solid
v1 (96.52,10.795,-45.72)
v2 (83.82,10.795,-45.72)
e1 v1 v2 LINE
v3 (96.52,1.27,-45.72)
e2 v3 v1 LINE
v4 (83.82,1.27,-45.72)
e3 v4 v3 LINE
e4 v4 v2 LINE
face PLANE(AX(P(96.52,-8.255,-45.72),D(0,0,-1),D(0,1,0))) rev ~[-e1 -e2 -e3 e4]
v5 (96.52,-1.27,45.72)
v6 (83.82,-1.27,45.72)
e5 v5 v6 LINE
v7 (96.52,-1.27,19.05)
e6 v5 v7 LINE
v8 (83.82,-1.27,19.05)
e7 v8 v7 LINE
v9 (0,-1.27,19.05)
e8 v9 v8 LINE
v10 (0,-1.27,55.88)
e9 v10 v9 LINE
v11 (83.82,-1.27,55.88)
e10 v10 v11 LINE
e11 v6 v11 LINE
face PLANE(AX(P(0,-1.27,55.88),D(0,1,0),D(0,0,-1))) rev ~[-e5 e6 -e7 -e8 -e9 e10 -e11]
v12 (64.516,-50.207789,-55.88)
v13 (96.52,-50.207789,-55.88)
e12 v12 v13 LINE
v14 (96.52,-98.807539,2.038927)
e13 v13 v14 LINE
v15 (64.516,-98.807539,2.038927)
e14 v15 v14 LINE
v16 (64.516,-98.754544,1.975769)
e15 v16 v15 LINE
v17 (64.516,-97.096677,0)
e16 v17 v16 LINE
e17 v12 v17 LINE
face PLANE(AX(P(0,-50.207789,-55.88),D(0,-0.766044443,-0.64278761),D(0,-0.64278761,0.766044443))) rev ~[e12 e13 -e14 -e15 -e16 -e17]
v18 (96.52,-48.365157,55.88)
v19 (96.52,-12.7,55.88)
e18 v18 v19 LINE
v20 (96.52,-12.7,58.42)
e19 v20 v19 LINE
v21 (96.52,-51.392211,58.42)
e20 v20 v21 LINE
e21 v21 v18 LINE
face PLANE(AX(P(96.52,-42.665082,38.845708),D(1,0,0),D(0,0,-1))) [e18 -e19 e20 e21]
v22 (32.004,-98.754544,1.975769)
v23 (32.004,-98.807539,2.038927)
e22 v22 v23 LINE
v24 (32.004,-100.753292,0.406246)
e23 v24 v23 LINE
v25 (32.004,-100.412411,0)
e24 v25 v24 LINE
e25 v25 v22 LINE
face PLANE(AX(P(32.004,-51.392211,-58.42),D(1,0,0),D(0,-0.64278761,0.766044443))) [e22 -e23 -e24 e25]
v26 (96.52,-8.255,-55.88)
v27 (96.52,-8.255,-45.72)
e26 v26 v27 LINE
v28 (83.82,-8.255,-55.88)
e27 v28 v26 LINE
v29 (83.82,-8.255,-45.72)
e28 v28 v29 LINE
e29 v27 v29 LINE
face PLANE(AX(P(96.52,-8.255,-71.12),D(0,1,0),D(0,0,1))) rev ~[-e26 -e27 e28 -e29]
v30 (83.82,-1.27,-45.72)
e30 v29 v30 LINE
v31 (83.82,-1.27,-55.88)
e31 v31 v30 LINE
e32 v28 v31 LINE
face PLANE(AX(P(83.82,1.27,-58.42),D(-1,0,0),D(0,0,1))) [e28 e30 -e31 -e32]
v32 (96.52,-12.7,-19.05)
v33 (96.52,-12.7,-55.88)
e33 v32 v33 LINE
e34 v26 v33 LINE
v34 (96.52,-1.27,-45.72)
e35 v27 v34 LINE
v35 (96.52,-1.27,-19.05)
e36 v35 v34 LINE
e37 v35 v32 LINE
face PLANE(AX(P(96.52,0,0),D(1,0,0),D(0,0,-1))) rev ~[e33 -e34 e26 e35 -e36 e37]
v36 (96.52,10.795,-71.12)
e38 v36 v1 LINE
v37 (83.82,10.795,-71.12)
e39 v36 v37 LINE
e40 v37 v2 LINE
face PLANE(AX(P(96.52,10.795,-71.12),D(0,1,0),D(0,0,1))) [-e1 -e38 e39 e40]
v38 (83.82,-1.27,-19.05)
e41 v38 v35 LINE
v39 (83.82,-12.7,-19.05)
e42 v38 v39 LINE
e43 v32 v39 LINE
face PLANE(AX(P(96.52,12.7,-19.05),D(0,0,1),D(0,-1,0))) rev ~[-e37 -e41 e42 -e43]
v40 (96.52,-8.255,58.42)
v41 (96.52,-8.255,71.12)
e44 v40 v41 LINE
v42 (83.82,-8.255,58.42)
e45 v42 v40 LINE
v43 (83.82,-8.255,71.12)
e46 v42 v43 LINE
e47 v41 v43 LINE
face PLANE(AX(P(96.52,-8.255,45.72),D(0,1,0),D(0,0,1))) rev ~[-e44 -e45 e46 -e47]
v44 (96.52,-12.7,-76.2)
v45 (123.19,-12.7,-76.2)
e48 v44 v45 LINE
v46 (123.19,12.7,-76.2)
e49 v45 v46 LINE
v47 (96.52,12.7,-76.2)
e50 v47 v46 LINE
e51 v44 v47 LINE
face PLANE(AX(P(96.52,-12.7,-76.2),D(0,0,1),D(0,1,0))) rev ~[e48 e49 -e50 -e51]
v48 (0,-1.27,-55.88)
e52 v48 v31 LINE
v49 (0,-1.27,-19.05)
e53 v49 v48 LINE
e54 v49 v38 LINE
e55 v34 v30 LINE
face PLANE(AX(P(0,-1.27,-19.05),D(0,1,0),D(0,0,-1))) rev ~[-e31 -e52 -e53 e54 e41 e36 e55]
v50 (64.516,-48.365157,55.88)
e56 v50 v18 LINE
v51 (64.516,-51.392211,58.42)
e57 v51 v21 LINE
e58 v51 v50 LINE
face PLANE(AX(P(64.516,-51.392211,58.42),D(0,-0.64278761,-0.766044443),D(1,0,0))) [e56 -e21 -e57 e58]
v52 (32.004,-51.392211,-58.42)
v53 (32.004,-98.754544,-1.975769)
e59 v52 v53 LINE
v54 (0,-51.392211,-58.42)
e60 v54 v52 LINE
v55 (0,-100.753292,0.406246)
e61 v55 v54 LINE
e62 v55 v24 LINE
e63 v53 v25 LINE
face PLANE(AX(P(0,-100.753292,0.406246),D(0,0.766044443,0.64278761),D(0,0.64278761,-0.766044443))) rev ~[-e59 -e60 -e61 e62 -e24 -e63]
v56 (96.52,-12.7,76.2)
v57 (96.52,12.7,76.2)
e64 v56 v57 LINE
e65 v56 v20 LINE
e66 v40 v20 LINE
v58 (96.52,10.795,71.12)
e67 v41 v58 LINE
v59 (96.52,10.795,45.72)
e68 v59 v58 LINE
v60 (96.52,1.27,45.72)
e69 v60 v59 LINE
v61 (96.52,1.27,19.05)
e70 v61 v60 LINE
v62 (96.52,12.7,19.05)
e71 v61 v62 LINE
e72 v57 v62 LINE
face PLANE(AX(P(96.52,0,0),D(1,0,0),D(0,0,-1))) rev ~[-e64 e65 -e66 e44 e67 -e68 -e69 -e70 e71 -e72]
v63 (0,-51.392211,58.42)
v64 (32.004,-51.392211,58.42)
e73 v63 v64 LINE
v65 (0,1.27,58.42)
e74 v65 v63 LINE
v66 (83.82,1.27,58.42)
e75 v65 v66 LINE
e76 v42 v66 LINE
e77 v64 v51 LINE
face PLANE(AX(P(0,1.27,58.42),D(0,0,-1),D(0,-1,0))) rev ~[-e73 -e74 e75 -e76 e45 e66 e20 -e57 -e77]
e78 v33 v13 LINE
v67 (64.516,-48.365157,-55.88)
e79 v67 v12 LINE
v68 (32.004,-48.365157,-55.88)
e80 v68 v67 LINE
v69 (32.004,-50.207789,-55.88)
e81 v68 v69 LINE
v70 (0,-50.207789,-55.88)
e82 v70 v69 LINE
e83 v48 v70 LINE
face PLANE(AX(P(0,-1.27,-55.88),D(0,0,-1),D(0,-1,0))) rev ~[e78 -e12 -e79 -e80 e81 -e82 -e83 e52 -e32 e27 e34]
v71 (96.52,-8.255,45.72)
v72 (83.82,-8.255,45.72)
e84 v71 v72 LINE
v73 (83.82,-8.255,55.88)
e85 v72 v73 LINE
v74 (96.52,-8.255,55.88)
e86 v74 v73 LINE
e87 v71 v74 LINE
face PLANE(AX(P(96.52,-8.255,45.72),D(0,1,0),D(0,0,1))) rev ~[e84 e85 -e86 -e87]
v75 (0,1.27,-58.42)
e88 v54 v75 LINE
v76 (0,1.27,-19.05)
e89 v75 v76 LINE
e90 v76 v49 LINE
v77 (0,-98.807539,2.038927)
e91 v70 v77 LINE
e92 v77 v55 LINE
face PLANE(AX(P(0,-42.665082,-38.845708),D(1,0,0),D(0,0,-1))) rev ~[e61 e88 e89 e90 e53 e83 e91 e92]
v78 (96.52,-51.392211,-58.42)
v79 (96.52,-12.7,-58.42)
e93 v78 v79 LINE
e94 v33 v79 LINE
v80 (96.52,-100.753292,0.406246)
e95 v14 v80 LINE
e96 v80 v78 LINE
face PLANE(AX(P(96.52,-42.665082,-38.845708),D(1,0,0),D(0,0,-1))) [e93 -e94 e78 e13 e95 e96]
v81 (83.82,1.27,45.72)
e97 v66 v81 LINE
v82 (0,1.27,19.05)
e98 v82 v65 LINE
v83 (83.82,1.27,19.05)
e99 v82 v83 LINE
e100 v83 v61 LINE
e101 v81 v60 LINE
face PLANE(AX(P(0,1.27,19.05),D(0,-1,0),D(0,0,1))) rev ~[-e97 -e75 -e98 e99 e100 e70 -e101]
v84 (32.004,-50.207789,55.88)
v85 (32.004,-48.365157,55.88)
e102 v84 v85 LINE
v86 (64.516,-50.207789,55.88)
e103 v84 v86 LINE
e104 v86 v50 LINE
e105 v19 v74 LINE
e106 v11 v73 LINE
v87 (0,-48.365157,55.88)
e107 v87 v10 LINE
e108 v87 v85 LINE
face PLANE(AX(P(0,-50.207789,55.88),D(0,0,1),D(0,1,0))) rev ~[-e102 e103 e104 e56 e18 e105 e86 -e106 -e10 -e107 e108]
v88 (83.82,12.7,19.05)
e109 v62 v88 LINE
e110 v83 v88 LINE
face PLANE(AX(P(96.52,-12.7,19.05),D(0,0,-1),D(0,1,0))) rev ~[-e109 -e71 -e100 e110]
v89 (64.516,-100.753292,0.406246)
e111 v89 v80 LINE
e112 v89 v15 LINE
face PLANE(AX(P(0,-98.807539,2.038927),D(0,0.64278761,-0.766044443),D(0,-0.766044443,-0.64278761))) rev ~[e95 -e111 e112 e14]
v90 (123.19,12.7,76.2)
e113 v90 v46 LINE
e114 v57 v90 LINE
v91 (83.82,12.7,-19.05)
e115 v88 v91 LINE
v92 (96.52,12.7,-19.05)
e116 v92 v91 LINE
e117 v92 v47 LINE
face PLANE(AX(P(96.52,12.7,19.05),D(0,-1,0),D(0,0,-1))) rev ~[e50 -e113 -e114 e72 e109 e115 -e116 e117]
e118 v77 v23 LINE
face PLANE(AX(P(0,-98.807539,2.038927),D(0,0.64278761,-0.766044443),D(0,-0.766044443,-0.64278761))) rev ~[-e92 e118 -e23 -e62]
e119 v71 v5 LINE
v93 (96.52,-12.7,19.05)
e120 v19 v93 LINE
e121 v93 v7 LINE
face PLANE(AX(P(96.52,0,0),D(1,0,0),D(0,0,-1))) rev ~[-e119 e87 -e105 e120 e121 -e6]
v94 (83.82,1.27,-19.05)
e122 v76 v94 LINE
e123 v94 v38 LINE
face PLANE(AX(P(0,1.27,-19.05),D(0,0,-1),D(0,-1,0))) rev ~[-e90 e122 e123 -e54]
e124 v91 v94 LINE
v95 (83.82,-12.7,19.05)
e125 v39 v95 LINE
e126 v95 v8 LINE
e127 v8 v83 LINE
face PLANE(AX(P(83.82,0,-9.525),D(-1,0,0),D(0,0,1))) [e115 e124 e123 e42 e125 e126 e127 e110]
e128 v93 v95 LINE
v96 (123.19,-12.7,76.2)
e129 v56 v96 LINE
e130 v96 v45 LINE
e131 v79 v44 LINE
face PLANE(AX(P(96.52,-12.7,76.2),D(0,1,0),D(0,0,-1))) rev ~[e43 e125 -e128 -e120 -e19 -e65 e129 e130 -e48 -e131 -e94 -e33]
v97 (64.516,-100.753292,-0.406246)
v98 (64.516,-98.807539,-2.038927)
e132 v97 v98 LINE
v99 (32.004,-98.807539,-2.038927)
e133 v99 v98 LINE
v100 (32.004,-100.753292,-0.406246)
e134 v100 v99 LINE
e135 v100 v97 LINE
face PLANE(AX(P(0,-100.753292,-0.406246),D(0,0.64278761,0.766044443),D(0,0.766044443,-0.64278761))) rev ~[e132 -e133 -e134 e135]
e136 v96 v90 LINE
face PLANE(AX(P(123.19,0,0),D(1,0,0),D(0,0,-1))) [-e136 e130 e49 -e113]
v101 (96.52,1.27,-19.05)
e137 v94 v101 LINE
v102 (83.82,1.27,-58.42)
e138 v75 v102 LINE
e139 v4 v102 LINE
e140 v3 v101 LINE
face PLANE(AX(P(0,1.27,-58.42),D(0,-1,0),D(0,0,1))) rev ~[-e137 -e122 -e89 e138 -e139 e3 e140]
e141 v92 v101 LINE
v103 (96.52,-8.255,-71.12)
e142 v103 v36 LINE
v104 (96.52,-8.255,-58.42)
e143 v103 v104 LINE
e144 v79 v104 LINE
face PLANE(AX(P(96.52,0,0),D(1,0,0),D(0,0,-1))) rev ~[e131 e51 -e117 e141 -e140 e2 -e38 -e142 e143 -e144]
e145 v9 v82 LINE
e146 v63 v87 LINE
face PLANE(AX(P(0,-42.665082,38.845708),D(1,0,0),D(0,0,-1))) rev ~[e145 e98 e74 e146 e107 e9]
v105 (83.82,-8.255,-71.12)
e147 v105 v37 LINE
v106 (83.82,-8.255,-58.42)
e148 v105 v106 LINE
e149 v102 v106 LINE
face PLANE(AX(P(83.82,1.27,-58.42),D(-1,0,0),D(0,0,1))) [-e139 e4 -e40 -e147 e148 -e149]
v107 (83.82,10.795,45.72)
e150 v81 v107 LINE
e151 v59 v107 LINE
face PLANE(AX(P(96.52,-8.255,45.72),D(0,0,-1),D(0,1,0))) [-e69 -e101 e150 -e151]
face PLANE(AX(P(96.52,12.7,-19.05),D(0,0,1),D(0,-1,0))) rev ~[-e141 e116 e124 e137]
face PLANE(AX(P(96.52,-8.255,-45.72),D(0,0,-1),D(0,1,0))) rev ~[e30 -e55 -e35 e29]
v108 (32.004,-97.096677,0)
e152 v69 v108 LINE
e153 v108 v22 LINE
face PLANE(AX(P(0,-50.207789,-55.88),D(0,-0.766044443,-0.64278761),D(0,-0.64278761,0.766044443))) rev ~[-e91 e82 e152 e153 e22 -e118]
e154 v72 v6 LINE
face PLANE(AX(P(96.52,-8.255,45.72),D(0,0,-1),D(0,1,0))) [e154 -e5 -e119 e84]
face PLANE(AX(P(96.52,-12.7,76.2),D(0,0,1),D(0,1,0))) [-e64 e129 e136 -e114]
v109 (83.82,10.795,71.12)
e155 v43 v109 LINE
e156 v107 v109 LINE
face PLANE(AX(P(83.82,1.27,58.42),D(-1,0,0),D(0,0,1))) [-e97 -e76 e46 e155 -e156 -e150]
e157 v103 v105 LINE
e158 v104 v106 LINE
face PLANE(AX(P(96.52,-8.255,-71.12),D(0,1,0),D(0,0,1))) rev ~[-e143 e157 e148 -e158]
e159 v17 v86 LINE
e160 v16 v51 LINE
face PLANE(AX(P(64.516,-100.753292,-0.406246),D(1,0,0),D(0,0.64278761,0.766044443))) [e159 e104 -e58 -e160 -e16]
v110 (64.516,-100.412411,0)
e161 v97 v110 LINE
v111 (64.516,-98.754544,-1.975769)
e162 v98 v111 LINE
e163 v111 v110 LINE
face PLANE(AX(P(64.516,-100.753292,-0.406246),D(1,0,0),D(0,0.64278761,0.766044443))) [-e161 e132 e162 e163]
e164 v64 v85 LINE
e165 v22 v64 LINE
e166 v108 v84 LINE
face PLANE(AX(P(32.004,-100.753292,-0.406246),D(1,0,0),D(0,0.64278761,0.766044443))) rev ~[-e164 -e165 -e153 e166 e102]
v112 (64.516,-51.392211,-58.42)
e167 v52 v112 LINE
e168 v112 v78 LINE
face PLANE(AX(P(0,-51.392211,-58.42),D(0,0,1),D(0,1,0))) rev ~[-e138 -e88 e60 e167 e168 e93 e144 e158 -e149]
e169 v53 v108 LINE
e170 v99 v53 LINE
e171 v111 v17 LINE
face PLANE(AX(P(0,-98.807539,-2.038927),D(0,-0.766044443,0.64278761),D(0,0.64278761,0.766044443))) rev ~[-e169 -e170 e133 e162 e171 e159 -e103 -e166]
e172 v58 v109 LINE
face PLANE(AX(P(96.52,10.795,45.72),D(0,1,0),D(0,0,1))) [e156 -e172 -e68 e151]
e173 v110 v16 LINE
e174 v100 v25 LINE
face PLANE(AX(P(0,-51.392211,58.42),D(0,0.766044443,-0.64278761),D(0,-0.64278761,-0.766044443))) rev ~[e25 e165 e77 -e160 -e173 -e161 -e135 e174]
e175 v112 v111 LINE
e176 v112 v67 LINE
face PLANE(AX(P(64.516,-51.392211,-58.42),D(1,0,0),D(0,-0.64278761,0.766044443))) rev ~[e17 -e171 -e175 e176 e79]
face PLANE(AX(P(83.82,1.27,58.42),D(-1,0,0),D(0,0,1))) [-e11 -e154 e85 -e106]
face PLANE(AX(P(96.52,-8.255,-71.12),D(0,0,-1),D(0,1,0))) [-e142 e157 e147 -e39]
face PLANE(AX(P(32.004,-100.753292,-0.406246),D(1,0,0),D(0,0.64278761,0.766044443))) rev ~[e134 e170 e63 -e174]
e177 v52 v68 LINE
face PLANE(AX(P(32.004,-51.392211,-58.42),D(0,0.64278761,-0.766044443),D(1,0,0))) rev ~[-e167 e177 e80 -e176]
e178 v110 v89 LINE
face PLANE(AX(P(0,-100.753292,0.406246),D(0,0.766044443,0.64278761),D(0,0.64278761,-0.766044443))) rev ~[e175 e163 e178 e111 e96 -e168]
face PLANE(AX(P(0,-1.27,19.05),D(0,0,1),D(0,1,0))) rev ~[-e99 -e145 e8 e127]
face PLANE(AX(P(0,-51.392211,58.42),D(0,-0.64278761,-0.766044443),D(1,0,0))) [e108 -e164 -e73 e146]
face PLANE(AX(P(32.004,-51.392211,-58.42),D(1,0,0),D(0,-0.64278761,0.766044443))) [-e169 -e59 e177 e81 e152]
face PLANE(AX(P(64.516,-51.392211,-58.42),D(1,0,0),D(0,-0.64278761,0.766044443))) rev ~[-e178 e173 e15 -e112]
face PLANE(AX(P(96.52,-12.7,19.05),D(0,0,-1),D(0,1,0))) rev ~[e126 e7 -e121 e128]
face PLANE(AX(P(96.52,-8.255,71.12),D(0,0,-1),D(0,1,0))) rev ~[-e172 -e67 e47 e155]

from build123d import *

# Parameters (mm, degrees)
EXTRUDE_THIN4_DEPTH   = 96.52
EXTRUDE_THIN4_2_DEPTH = 96.52
SKETCH5_W             = 32.004
SKETCH5_H             = 76.792210726
CUT_EXTRUDE2_DEPTH    = 26.67
SKETCH6_W             = 32.512
SKETCH6_H             = 76.792210726
CUT_EXTRUDE3_DEPTH    = 26.67
SKETCH7_W             = 152.4
SKETCH7_H             = 25.4
BOSS_EXTRUDE1_DEPTH   = 26.67
BOSS_EXTRUDE2_DEPTH   = 12.7
SKETCH13_W            = 25.4
SKETCH13_H            = 19.05
BOSS_EXTRUDE3_DEPTH   = 12.7


with BuildPart() as part:
    # Sketch1 → Extrude-Thin4 (new body)
    with BuildSketch(Plane(origin=(0, 0, 0), x_dir=(0, 0, -1), z_dir=(1, 0, 0))):
        Polygon((19.05, -1.27), (55.88, -1.27), (55.88, -50.207789274), (-2.03892683, -98.807539415), (-0.406246301, -100.753292301), (58.42, -51.392210726), (58.42, 1.27), (19.05, 1.27), align=None)
    extrude(amount=EXTRUDE_THIN4_DEPTH)

    # Sketch6 → Cut-Extrude3 (cut)
    with BuildSketch(Plane(origin=(0, -58.924421698, -49.443460514), x_dir=(1, 0, 0), z_dir=(0, -0.7660444431189791, -0.6427876096865379))):
        with Locations((48.26, 26.678065285)):
            Rectangle(SKETCH6_W, SKETCH6_H)
    extrude(amount=-CUT_EXTRUDE3_DEPTH, mode=Mode.SUBTRACT)



with BuildPart() as body_2:
    # Sketch1 → Extrude-Thin4 2 (new body)
    with BuildSketch(Plane(origin=(0, 0, 0), x_dir=(0, 0, -1), z_dir=(1, 0, 0))):
        Polygon((-19.05, 1.27), (-58.42, 1.27), (-58.42, -51.392210726), (0.406246301, -100.753292301), (2.03892683, -98.807539415), (-55.88, -50.207789274), (-55.88, -1.27), (-19.05, -1.27), align=None)
    extrude(amount=EXTRUDE_THIN4_2_DEPTH)

    # Sketch5 → Cut-Extrude2 (cut)
    with BuildSketch(Plane(origin=(0, -58.924421698, 49.443460514), x_dir=(1, 0, 0), z_dir=(0, -0.7660444431189799, 0.6427876096865373))):
        with Locations((16.002, -26.678065285)):
            Rectangle(SKETCH5_W, SKETCH5_H)
        with Locations((80.518, -26.678065285)):
            Rectangle(SKETCH5_W, SKETCH5_H)
    extrude(amount=-CUT_EXTRUDE2_DEPTH, mode=Mode.SUBTRACT)


with BuildPart() as part_1:
    add(part.part)

    add(body_2.part)  # Boss-Extrude1 merges body 2
    # Sketch7 → Boss-Extrude1 (add)
    with BuildSketch(Plane(origin=(96.52, 0, 0), x_dir=(0, 0, -1), z_dir=(1, 0, 0))):
        Rectangle(SKETCH7_W, SKETCH7_H)
    extrude(amount=BOSS_EXTRUDE1_DEPTH)

    # Sketch8 → Boss-Extrude2 (add)
    with BuildSketch(Plane.ZY.offset(-96.52)):
        Polygon((0, -12.7), (0, 12.7), (-19.05, 12.7), (-19.05, 1.27), (-19.05, -1.27), (-19.05, -12.7), align=None)
        Polygon((19.05, 1.27), (19.05, 12.7), (0, 12.7), (0, -12.7), (19.05, -12.7), (19.05, -1.27), align=None)
    extrude(amount=BOSS_EXTRUDE2_DEPTH)

    # Sketch13 → Boss-Extrude3 (add)
    with BuildSketch(Plane.ZY.offset(-96.52)):
        with Locations((-58.42, 1.27)):
            Rectangle(SKETCH13_W, SKETCH13_H)
        with Locations((58.42, 1.27)):
            Rectangle(SKETCH13_W, SKETCH13_H)
    extrude(amount=BOSS_EXTRUDE3_DEPTH)


solid = part_1.part
